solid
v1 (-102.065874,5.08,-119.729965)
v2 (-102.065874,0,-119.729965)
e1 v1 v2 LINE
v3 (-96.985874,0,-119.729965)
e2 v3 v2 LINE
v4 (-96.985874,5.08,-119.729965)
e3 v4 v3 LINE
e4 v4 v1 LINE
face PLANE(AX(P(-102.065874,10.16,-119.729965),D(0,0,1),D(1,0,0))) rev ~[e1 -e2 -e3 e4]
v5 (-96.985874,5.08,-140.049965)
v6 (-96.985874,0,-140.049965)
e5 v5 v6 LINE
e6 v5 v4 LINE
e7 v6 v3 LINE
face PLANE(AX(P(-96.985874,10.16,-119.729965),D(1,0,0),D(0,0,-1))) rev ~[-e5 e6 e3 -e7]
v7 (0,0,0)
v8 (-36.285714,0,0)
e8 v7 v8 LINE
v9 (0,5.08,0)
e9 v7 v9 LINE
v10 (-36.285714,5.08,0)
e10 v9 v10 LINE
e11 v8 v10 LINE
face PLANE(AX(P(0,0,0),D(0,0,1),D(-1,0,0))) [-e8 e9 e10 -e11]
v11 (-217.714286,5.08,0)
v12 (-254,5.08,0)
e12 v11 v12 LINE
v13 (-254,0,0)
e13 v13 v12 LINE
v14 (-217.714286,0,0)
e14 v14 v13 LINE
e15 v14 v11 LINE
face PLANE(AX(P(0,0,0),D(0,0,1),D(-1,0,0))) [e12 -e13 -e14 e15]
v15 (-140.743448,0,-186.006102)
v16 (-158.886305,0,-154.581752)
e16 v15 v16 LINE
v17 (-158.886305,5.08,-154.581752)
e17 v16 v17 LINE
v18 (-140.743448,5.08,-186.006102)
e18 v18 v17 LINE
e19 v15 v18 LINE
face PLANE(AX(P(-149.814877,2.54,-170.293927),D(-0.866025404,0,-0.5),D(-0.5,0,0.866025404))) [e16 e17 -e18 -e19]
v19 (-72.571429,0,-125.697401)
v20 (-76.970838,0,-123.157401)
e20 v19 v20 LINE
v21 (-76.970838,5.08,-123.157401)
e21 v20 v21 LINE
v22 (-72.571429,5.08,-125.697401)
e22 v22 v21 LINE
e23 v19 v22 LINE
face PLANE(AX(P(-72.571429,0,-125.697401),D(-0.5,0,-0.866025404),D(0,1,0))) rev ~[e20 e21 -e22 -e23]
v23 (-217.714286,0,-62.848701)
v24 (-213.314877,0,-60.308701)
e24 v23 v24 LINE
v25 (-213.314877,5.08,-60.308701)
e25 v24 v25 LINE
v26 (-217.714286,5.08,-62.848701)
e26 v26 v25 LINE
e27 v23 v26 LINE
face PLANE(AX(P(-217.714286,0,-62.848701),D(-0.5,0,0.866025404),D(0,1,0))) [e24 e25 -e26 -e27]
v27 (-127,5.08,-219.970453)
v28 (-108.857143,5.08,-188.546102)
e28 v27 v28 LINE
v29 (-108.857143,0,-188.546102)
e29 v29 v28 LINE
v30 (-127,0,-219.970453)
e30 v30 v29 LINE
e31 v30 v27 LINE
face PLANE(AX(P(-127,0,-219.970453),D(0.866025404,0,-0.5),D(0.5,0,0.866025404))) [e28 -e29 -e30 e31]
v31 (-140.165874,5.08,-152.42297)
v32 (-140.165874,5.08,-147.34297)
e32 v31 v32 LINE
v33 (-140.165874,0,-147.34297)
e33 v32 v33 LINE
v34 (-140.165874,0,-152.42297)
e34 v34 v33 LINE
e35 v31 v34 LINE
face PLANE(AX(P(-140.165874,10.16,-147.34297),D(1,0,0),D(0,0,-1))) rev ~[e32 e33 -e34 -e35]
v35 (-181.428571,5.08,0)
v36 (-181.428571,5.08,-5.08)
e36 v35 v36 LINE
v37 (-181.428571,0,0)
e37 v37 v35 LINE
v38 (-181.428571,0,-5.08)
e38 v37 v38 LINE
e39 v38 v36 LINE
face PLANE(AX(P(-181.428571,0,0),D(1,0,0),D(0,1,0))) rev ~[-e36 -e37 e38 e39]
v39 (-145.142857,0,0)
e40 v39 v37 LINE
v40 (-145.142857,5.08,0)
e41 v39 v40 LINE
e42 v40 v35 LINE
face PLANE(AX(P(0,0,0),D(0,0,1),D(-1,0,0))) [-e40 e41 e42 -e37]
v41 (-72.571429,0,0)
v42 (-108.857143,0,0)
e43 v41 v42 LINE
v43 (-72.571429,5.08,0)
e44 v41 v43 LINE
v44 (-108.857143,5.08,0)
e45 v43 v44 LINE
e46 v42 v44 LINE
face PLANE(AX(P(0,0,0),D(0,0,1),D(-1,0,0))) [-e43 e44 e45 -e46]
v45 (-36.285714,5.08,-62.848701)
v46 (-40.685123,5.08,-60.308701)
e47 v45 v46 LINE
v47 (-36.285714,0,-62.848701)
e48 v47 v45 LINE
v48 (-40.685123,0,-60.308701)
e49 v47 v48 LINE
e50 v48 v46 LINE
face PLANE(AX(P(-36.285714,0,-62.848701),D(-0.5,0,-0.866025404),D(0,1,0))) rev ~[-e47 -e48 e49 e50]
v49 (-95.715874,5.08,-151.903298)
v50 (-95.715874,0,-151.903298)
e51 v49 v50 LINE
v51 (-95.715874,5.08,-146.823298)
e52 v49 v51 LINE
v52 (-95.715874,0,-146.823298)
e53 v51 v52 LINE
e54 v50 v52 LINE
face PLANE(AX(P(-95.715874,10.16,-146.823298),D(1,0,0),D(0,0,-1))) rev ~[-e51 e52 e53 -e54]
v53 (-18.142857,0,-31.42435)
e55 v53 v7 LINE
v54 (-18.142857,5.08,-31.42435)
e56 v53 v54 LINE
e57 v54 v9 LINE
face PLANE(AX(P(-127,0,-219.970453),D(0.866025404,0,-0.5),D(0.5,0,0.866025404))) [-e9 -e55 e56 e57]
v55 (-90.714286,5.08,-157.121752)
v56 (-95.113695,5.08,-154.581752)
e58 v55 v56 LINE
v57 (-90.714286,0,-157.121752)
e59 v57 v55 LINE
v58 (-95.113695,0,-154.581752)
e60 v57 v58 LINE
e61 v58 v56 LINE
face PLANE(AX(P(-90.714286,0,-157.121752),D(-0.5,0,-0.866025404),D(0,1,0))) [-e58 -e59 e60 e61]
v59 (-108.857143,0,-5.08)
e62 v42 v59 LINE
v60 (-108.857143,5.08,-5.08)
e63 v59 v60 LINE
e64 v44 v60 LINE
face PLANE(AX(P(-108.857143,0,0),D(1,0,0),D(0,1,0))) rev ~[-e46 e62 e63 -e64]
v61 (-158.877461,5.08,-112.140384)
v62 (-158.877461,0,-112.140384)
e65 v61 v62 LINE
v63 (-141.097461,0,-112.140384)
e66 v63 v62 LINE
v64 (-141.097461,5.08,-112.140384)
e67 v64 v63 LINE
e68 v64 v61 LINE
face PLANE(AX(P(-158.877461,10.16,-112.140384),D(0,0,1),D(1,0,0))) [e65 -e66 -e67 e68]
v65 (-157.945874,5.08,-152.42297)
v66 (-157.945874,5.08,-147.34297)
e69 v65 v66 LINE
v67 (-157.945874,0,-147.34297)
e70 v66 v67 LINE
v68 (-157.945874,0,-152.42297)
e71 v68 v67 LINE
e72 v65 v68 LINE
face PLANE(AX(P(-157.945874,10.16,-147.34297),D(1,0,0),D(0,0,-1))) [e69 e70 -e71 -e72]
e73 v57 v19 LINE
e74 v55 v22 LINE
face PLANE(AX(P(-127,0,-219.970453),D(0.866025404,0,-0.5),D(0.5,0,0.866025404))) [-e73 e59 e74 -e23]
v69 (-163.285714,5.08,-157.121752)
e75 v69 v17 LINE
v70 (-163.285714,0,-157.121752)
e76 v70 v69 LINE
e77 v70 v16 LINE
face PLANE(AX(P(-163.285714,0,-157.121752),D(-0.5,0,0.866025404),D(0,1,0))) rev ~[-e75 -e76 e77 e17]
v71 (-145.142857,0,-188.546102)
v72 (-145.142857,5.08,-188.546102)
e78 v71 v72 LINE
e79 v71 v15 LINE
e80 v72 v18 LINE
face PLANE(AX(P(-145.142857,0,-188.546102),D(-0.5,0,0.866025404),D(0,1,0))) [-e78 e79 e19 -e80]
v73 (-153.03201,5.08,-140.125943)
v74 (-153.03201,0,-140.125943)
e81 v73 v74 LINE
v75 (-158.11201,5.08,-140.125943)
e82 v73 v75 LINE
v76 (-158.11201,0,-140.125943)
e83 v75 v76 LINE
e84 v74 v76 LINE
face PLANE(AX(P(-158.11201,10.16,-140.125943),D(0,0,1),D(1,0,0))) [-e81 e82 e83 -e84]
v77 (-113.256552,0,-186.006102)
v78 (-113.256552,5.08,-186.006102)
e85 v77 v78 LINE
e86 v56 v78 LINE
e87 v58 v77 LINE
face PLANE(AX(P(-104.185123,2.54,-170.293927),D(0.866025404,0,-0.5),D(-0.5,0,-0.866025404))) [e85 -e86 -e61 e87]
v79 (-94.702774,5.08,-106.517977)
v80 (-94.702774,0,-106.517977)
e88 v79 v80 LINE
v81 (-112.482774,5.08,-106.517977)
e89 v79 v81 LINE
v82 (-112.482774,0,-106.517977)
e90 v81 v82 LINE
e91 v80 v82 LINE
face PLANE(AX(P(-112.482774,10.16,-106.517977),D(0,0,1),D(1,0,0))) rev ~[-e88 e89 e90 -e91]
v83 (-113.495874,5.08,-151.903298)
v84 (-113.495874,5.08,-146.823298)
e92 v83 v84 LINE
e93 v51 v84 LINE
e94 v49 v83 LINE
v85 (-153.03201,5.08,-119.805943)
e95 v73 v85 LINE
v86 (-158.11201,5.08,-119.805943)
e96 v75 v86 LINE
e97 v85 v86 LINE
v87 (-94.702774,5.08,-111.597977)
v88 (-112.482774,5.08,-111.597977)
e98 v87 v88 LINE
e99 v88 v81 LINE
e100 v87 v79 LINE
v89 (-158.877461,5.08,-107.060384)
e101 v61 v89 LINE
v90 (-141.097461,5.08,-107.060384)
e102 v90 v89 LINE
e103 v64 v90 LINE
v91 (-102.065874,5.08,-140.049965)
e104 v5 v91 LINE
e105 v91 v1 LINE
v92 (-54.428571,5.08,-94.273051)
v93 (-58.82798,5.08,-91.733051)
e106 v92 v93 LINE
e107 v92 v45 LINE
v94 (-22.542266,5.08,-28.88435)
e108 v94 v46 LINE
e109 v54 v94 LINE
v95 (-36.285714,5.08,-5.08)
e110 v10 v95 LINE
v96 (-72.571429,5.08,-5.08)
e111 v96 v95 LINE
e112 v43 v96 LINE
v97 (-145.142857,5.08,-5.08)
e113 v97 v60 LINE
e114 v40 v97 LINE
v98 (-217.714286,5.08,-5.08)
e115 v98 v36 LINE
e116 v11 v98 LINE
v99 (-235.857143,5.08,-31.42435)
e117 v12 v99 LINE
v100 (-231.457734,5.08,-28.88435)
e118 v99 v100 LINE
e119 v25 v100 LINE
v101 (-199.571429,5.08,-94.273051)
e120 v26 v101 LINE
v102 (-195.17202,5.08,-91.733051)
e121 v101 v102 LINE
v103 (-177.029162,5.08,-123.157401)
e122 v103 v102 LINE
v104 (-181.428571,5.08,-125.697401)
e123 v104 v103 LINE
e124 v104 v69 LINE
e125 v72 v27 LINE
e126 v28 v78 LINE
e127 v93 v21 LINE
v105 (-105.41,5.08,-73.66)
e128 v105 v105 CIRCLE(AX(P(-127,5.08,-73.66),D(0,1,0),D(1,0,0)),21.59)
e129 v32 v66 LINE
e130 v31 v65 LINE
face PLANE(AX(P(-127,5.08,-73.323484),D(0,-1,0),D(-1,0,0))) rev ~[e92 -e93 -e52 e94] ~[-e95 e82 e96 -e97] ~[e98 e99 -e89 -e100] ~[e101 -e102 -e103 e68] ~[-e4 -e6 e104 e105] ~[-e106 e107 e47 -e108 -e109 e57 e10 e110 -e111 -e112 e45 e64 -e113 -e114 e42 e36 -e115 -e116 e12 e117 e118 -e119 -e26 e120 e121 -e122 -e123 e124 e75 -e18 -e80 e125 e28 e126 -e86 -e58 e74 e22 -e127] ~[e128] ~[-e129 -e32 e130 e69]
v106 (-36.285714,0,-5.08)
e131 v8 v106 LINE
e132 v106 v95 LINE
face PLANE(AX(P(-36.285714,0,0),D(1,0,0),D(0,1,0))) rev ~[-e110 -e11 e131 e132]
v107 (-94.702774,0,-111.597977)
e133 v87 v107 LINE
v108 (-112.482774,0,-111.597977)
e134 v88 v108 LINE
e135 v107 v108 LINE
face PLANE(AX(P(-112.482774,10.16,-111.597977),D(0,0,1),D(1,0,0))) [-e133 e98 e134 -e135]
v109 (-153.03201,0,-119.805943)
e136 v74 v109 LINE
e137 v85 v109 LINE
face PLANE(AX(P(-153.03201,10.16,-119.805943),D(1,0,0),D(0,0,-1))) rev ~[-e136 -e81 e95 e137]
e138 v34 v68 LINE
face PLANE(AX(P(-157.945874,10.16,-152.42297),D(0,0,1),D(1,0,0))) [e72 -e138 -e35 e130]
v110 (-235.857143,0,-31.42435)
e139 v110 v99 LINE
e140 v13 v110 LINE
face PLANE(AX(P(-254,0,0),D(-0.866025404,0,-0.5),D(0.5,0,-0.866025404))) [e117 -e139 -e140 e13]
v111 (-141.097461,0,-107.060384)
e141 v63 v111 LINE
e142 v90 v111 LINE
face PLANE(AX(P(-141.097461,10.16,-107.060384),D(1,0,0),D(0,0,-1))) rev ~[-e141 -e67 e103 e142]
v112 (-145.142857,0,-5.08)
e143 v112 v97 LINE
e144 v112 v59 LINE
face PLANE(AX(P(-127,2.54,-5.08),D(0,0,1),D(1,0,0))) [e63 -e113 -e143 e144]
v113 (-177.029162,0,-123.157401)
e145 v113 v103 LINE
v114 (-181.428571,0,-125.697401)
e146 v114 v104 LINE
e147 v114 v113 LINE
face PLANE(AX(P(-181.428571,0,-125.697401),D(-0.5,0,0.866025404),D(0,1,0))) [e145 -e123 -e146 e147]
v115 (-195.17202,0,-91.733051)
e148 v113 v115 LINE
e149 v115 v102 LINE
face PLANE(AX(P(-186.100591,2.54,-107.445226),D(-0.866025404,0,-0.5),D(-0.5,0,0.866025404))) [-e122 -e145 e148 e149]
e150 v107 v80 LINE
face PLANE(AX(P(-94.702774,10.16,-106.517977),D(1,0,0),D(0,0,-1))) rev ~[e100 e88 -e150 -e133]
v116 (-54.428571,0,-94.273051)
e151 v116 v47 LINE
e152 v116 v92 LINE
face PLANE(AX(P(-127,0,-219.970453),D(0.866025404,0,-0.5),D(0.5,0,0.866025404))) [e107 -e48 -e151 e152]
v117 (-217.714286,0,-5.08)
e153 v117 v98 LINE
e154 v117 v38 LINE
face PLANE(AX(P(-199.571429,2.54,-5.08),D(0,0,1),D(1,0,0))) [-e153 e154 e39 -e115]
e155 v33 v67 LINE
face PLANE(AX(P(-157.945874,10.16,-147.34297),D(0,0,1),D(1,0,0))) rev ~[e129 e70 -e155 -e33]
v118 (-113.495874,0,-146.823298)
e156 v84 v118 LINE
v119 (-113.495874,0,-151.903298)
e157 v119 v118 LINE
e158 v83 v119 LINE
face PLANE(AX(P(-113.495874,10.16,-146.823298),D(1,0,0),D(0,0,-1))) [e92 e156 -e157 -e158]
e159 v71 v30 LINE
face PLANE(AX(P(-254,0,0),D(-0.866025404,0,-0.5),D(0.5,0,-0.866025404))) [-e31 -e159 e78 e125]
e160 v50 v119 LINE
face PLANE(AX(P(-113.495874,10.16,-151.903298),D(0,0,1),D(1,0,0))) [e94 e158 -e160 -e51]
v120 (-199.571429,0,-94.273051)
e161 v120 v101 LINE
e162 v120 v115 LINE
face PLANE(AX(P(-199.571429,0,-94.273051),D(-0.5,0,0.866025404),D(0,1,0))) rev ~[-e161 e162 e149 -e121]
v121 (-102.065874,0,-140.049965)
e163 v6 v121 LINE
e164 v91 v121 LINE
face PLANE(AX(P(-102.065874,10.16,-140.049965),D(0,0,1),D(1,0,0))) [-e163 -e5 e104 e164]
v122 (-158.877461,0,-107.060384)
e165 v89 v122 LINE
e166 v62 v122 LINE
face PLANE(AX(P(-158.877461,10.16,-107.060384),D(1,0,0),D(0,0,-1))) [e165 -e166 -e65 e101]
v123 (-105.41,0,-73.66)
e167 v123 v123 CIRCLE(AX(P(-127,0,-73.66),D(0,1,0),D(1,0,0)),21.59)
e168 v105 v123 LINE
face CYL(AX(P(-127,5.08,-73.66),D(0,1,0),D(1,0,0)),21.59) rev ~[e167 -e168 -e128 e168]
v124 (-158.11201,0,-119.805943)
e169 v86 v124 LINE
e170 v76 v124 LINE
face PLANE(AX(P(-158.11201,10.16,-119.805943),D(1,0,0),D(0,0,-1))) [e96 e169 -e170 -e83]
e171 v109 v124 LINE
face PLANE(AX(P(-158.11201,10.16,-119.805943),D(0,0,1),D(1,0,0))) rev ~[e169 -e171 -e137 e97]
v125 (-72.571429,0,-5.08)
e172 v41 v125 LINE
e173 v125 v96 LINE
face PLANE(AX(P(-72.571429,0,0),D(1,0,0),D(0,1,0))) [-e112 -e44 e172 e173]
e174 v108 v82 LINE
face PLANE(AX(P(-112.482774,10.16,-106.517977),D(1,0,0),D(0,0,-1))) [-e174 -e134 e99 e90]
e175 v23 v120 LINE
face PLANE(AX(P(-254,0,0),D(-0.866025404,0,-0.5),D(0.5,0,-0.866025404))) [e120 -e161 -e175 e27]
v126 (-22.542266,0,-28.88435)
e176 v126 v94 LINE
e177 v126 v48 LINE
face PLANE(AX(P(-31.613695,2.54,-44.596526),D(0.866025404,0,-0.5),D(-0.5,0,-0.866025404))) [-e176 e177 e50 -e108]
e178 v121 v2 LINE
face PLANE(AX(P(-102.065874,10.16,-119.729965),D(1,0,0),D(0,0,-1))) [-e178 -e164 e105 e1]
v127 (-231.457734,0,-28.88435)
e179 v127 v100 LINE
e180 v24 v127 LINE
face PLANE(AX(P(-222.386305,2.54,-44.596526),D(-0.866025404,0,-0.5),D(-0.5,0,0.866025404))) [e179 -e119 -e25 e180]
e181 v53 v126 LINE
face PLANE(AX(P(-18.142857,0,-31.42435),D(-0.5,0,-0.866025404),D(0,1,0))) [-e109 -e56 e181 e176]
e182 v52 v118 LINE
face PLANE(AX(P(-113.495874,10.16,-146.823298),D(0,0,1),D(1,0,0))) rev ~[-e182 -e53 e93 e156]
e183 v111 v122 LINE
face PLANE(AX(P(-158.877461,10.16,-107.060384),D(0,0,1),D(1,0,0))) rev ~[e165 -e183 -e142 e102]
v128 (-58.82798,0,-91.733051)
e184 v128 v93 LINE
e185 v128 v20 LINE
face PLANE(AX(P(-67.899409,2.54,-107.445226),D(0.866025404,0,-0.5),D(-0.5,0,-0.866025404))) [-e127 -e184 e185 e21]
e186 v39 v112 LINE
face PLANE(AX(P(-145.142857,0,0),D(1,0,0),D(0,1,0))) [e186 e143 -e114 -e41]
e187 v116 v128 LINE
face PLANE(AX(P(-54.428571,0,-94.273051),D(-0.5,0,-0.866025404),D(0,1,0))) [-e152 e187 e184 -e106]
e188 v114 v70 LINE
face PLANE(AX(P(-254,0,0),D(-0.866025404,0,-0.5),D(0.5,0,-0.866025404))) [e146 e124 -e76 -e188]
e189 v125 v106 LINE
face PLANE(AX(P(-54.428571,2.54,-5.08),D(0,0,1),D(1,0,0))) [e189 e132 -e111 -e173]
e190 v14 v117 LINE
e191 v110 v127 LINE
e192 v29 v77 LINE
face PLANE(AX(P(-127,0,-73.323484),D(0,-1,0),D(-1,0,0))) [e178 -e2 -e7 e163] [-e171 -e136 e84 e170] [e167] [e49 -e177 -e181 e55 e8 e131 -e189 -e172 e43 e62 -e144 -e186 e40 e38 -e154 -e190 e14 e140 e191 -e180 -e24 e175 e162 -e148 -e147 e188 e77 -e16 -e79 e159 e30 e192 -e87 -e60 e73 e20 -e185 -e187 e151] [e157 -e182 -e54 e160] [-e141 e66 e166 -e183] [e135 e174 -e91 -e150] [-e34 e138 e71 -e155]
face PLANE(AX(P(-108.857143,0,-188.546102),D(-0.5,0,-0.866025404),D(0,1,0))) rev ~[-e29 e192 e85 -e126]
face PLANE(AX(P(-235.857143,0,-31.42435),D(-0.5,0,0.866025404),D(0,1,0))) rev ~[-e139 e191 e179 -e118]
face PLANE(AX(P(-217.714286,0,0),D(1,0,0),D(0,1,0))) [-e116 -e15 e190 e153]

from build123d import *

# Parameters (mm, degrees)
BOSS_EXTRUDE1_DEPTH = 5.08
SKETCH2_W           = 36.285714285
SKETCH2_H           = 5.08
SKETCH2_W_2         = 36.285714286
CUT_EXTRUDE1_DEPTH  = 5.08
SKETCH3_W           = 36.285714285
SKETCH3_H           = 5.08
SKETCH3_W_2         = 36.285714286
CUT_EXTRUDE2_DEPTH  = 5.08
SKETCH4_W           = 36.285714285
SKETCH4_H           = 5.08
SKETCH4_W_2         = 36.285714286
CUT_EXTRUDE3_DEPTH  = 5.08
SKETCH5_R           = 21.59
CUT_EXTRUDE4_DEPTH  = 5.08
SKETCH6_W           = 17.78
SKETCH6_H           = 5.08
SKETCH6_W_2         = 5.08
SKETCH6_H_2         = 20.32
CUT_EXTRUDE5_DEPTH  = 11.16


with BuildPart() as part:
    # Sketch1 → Boss-Extrude1 (new body)
    with BuildSketch(Plane(origin=(0, 0, 0), x_dir=(1, 0, 0), z_dir=(0, 1, 0))):
        Polygon((0, 0), (-254, 0), (-127, 219.970452561), align=None)
    extrude(amount=BOSS_EXTRUDE1_DEPTH)

    # Sketch2 → Cut-Extrude1 (cut)
    with BuildSketch(Plane(origin=(0, 0, 0), x_dir=(-0.5, 0, -0.866025404), z_dir=(0.866025404, 0, -0.5))):
        with Locations((199.571428572, 2.54)):
            Rectangle(SKETCH2_W, SKETCH2_H)
        with Locations((127, 2.54)):
            Rectangle(SKETCH2_W_2, SKETCH2_H)
        with Locations((54.428571428, 2.54)):
            Rectangle(SKETCH2_W, SKETCH2_H)
    extrude(amount=-CUT_EXTRUDE1_DEPTH, mode=Mode.SUBTRACT)

    # Sketch3 → Cut-Extrude2 (cut)
    with BuildSketch(Plane(origin=(-190.5, 0, -109.985226281), x_dir=(-0.5, 0, 0.866025404), z_dir=(-0.866025404, 0, -0.5))):
        with Locations((-72.571428572, 2.54)):
            Rectangle(SKETCH3_W, SKETCH3_H)
        with Locations((0, 2.54)):
            Rectangle(SKETCH3_W_2, SKETCH3_H)
        with Locations((72.571428572, 2.54)):
            Rectangle(SKETCH3_W, SKETCH3_H)
    extrude(amount=-CUT_EXTRUDE2_DEPTH, mode=Mode.SUBTRACT)

    # Sketch4 → Cut-Extrude3 (cut)
    with BuildSketch(Plane.XY):
        with Locations((-199.571428572, 2.54)):
            Rectangle(SKETCH4_W, SKETCH4_H)
        with Locations((-127, 2.54)):
            Rectangle(SKETCH4_W_2, SKETCH4_H)
        with Locations((-54.428571428, 2.54)):
            Rectangle(SKETCH4_W, SKETCH4_H)
    extrude(amount=-CUT_EXTRUDE3_DEPTH, mode=Mode.SUBTRACT)

    # Sketch5 → Cut-Extrude4 (cut)
    with BuildSketch(Plane(origin=(0, 5.08, 0), x_dir=(1, 0, 0), z_dir=(0, 1, 0))):
        with Locations((-127, 73.66)):
            Circle(SKETCH5_R)
    extrude(amount=-CUT_EXTRUDE4_DEPTH, mode=Mode.SUBTRACT)

    # Sketch6 → Cut-Extrude5 (cut, through all)
    with BuildSketch(Plane(origin=(0, 10.16, 0), x_dir=(1, 0, 0), z_dir=(0, 1, 0))):
        with Locations((-149.055874493, 149.882969593)):
            Rectangle(SKETCH6_W, SKETCH6_H)
        with Locations((-104.605874493, 149.36329839)):
            Rectangle(SKETCH6_W, SKETCH6_H)
        with Locations((-99.525874493, 129.889965056)):
            Rectangle(SKETCH6_W_2, SKETCH6_H_2)
        with Locations((-103.592773819, 109.0579774)):
            Rectangle(SKETCH6_W, SKETCH6_H)
        with Locations((-149.987461319, 109.600384218)):
            Rectangle(SKETCH6_W, SKETCH6_H)
        with Locations((-155.572009554, 129.965942855)):
            Rectangle(SKETCH6_W_2, SKETCH6_H_2)
    extrude(amount=-CUT_EXTRUDE5_DEPTH, mode=Mode.SUBTRACT)


solid = part.part
